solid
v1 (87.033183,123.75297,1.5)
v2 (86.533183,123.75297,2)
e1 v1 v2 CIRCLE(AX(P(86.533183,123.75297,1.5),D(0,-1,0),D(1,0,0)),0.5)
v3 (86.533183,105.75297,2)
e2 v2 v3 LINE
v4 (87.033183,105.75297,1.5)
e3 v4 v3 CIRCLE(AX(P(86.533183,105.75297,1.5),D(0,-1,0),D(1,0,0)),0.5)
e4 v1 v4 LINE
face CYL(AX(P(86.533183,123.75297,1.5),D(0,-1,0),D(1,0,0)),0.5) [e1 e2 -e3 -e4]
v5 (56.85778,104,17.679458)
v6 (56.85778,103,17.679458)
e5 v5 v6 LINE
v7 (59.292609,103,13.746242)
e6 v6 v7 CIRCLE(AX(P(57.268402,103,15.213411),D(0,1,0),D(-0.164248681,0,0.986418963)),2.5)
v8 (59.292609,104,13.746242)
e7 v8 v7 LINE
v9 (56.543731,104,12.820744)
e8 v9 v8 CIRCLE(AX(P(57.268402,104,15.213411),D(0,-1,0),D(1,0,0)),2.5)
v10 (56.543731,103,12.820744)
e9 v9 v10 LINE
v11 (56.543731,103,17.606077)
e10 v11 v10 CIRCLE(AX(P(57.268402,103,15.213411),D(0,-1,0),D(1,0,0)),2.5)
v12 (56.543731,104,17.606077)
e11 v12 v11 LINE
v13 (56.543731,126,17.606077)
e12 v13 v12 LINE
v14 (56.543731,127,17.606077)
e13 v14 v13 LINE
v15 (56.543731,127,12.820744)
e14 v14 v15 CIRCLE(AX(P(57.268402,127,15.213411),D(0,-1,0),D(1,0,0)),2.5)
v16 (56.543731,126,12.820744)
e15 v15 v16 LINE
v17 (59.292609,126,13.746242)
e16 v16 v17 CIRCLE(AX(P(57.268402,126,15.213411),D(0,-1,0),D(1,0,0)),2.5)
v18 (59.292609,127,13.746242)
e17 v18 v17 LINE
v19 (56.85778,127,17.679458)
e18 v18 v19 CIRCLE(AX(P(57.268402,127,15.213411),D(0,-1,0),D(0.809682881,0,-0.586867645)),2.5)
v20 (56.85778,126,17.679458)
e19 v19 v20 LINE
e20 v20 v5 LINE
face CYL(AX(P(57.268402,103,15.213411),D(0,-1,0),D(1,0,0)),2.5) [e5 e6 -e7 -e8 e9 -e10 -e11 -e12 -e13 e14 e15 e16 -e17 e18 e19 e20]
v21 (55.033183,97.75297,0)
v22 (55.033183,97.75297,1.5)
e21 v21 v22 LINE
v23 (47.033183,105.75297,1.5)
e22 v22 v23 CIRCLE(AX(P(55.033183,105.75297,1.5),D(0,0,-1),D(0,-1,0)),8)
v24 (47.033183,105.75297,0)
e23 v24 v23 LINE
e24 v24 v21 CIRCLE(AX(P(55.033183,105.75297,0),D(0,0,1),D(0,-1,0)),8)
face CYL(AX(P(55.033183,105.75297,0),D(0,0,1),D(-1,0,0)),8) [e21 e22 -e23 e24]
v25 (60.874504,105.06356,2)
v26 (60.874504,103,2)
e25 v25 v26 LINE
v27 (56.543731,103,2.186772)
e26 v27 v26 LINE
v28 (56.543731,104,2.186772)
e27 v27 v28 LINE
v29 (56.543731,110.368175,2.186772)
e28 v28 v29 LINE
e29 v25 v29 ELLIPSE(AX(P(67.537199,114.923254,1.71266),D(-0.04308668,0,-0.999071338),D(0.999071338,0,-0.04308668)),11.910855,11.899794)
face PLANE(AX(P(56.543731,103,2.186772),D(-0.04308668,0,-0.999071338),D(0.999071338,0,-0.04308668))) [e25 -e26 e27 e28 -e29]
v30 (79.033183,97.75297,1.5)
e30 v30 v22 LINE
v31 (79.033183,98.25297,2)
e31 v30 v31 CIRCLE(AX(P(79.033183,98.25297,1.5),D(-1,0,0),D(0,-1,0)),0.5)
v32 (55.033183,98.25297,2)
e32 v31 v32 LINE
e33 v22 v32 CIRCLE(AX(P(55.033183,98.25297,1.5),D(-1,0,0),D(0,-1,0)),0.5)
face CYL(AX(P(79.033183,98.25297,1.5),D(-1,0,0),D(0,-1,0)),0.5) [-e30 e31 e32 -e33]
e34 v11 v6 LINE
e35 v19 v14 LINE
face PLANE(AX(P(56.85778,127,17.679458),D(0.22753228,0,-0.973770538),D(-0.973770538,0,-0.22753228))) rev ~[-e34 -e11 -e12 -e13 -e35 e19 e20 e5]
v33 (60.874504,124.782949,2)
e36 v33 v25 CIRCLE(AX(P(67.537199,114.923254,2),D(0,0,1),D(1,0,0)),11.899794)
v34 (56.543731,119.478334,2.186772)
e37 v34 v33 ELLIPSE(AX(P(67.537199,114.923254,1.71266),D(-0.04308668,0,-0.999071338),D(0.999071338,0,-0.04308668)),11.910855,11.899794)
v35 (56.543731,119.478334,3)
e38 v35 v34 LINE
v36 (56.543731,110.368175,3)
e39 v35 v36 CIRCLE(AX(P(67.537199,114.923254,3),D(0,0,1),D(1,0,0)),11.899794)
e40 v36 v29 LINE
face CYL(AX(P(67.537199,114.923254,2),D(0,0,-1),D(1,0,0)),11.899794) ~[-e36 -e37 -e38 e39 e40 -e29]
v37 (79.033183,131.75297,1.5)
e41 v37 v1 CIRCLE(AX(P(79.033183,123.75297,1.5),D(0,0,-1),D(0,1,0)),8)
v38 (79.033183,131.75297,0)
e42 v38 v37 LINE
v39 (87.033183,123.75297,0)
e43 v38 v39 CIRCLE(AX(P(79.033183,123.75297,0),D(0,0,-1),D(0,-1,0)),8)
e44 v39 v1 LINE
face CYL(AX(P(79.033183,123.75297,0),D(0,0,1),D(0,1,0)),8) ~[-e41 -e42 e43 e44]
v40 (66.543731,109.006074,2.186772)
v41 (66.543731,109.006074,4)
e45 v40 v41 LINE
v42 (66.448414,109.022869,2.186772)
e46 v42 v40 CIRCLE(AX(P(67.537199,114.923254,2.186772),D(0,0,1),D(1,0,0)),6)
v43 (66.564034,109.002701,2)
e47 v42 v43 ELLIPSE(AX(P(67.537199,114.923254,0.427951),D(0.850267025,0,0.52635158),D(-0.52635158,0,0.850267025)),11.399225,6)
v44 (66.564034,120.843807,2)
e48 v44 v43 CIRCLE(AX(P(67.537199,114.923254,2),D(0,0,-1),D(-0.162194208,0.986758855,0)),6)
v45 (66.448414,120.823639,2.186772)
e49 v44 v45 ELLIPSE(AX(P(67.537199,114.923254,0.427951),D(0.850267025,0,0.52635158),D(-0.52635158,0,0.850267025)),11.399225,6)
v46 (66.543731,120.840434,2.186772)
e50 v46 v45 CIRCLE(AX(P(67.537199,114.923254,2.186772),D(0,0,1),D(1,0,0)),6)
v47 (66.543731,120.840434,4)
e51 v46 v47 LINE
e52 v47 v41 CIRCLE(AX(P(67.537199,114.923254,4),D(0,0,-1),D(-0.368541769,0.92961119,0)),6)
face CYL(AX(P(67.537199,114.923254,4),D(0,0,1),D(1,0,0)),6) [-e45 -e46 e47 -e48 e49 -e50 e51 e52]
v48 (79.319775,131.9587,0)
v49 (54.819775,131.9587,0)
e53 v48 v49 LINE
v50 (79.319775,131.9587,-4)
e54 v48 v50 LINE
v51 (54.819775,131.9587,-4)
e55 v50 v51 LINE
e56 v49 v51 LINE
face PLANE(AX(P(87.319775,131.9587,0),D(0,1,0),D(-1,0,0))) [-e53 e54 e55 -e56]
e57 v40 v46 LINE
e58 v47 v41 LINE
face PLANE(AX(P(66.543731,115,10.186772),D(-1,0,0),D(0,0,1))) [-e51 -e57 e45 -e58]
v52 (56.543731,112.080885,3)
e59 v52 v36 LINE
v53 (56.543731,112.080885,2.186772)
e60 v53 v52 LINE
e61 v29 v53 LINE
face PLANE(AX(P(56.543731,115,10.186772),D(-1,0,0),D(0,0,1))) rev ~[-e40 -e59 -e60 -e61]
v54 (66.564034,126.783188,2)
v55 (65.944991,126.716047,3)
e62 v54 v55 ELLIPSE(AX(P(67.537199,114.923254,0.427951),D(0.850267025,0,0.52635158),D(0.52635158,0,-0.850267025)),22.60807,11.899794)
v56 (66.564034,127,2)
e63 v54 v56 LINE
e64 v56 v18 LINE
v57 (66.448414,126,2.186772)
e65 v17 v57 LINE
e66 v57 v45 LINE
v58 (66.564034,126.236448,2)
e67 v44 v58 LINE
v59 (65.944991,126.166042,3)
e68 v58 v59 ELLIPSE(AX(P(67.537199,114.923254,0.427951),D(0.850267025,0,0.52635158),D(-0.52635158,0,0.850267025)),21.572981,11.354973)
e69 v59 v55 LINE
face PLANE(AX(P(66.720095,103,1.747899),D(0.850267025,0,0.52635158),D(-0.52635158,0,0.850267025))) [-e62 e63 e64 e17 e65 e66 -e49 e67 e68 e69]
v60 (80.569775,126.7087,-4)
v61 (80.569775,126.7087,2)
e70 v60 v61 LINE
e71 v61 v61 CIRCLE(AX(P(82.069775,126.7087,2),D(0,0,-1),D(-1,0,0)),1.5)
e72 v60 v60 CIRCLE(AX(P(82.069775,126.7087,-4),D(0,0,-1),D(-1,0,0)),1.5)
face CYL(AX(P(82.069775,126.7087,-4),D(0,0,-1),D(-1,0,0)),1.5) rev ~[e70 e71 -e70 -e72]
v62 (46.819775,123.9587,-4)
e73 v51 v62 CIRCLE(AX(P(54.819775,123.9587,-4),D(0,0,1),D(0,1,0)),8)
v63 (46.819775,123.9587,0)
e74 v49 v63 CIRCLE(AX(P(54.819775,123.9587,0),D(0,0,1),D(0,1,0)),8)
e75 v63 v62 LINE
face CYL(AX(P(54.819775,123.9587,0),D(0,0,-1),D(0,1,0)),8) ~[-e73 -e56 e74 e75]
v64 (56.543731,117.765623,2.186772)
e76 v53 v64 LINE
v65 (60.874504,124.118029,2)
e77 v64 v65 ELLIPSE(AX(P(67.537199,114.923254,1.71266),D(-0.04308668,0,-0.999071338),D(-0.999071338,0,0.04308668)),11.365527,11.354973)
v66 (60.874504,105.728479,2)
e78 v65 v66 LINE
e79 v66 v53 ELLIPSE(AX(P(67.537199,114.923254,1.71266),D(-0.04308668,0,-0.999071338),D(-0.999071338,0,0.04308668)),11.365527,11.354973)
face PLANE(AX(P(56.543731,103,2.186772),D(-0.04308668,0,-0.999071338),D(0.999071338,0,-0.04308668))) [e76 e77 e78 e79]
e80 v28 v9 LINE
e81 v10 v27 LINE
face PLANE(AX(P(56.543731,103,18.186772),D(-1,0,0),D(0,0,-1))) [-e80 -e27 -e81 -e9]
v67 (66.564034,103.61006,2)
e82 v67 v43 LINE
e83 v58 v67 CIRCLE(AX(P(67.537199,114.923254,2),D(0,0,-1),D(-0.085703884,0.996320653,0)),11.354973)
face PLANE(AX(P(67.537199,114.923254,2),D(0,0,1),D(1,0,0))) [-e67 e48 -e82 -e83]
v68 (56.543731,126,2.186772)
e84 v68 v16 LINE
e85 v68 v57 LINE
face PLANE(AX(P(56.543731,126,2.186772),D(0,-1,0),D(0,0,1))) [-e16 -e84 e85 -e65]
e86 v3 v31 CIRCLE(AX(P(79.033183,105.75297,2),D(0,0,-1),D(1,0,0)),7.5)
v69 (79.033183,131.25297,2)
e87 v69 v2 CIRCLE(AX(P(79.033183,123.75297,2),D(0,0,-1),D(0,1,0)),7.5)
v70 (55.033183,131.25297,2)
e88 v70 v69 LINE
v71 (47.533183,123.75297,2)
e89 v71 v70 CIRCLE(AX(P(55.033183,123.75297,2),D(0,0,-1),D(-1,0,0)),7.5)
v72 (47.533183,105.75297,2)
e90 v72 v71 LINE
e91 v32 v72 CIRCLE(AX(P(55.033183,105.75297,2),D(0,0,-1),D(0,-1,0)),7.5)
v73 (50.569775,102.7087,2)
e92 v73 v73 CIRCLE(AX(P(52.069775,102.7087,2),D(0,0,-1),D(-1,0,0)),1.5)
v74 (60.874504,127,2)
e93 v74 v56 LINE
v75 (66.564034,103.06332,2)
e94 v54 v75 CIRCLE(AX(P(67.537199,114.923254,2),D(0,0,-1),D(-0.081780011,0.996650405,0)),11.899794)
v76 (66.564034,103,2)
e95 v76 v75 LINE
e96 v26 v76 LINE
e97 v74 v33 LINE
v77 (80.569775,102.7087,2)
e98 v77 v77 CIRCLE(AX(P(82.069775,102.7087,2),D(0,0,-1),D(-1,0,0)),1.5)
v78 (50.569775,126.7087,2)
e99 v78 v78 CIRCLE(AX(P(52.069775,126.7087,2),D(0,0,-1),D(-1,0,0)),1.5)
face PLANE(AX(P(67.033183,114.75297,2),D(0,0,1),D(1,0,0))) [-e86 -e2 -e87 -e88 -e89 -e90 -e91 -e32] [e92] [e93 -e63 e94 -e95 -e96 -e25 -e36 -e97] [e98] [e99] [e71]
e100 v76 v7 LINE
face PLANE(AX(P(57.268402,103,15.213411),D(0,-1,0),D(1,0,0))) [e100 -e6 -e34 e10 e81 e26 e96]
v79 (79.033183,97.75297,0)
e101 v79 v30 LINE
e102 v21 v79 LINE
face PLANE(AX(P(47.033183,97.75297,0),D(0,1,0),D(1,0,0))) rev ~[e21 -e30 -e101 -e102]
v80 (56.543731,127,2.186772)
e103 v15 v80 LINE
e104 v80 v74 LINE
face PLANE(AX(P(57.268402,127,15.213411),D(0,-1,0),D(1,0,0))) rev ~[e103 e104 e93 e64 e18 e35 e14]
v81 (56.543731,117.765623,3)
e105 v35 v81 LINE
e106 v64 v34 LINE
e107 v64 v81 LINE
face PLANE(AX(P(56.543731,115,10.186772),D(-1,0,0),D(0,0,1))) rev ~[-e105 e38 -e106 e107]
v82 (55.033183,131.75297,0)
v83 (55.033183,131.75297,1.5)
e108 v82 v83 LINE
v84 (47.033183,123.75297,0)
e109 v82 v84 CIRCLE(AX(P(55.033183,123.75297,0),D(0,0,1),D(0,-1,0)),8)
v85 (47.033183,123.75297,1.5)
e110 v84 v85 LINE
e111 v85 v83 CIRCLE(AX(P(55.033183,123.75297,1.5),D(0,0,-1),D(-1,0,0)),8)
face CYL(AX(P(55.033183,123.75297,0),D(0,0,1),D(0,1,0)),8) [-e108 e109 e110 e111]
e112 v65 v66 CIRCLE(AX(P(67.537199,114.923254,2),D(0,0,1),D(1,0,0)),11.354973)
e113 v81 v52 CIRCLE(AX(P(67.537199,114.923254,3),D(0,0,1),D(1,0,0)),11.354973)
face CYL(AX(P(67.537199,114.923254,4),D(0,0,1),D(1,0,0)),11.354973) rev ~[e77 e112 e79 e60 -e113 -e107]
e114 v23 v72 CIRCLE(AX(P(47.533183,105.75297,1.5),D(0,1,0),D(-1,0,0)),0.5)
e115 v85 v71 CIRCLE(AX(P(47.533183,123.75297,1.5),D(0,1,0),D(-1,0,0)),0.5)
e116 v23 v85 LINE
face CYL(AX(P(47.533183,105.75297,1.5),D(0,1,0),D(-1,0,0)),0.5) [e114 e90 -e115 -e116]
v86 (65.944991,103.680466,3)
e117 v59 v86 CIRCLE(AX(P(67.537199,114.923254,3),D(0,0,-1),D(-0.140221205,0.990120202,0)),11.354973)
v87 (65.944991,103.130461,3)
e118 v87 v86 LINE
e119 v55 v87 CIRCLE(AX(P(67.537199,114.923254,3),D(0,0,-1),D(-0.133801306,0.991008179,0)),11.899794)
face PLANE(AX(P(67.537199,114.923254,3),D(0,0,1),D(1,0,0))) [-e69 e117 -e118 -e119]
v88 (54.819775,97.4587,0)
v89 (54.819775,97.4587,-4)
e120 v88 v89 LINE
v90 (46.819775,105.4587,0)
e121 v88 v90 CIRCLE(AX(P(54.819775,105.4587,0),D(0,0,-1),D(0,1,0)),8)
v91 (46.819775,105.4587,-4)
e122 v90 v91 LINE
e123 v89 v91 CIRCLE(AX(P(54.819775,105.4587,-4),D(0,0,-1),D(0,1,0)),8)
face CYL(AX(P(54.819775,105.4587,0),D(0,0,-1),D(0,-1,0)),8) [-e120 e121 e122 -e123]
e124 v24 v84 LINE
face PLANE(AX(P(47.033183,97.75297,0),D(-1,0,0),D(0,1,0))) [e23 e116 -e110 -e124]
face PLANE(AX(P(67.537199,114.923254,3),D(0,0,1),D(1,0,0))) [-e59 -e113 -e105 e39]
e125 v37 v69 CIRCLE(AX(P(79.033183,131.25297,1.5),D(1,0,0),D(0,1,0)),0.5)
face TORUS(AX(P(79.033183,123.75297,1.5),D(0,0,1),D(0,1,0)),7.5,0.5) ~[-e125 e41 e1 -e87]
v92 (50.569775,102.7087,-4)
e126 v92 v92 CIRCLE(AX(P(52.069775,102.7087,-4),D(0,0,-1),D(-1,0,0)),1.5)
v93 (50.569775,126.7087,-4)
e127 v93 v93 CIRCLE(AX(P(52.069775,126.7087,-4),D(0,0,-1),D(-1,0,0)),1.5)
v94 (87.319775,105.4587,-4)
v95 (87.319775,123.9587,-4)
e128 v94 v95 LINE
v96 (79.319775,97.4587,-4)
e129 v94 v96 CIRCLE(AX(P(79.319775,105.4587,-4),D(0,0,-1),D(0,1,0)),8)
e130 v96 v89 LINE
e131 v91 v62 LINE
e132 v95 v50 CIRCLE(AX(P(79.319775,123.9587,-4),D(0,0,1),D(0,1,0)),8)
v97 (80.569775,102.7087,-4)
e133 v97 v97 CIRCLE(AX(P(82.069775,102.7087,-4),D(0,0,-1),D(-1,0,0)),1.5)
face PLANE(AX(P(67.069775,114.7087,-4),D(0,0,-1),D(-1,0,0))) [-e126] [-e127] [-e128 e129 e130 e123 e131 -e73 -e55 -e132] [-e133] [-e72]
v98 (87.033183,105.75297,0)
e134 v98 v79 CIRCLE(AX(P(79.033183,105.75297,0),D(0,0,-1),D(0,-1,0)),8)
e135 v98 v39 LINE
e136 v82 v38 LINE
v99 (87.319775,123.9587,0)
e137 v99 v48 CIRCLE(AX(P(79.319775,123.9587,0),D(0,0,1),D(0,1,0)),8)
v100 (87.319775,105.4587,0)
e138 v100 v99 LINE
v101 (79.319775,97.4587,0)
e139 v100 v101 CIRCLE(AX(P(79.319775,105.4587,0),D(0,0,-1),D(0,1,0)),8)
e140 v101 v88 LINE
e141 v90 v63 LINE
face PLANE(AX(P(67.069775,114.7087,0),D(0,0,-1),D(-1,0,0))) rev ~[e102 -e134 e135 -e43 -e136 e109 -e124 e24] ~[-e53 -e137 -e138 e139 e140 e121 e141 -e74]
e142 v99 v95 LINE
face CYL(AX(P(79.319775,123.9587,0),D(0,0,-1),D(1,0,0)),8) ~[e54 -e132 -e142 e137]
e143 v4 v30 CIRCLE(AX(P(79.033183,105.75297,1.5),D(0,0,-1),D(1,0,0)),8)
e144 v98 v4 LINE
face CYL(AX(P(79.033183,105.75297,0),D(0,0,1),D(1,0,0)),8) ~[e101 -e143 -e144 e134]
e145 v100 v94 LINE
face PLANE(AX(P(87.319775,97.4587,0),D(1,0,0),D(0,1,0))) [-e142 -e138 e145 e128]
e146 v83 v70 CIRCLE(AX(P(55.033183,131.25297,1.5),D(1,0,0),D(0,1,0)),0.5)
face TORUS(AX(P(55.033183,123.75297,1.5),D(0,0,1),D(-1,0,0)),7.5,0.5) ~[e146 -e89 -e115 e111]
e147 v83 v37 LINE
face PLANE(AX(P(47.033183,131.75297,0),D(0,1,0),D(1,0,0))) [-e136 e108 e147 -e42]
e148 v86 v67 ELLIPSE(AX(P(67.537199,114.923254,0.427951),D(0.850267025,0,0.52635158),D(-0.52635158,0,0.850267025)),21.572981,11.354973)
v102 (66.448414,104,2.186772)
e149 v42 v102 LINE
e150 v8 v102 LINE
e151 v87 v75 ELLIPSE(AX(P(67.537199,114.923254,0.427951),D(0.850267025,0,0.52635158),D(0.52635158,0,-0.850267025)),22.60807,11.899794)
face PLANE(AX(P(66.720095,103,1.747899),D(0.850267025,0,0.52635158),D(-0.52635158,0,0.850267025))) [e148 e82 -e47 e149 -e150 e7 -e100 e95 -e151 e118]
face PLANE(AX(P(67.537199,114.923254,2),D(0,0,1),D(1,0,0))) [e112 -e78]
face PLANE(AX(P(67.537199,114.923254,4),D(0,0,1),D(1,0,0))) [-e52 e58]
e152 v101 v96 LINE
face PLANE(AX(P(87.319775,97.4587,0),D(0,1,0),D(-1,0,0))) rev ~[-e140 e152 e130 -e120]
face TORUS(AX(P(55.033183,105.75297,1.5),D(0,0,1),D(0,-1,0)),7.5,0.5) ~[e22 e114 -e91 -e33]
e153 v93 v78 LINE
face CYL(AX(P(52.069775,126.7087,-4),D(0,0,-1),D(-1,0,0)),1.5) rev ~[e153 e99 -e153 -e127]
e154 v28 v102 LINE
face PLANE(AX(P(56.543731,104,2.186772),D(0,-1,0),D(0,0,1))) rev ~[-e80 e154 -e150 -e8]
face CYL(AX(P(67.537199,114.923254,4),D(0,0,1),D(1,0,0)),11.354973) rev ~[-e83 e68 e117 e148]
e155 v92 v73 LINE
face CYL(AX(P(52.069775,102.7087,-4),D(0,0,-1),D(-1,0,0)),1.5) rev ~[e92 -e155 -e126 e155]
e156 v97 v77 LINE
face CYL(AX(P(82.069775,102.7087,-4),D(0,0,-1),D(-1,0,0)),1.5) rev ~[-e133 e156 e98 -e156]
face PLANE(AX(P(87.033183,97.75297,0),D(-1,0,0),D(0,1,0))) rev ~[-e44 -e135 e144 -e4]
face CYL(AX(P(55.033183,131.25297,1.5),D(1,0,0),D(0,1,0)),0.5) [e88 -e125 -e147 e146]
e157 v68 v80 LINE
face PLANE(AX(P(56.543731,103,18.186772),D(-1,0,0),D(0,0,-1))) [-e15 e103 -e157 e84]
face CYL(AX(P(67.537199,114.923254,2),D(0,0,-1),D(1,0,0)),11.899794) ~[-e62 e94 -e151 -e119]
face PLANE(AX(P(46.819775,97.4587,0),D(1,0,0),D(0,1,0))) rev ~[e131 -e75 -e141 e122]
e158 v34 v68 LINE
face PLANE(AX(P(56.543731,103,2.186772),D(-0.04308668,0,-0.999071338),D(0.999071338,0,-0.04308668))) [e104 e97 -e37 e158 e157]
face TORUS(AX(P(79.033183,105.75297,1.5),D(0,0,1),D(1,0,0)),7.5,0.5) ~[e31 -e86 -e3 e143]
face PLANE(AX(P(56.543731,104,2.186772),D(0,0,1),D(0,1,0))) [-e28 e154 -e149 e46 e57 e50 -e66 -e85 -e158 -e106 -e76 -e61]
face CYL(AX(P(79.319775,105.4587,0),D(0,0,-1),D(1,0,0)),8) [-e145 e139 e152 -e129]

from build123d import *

# Parameters (mm, degrees)
SKETCH3_W            = 40
SKETCH3_H            = 34
SKETCH3_R            = 0.25
SKETCH3_R_2          = 0.5
BOSS_EXTRUDE2_DEPTH  = 2
SKETCH4_R            = 6
BOSS_EXTRUDE3_DEPTH  = 2
SKETCH5_R            = 11.899793619
BOSS_EXTRUDE4_DEPTH  = 1
SKETCH7_R            = 11.354972543
SKETCH7_R_2          = 6
CUT_EXTRUDE1_DEPTH   = 2
BOSS_EXTRUDE5_DEPTH  = 24
SKETCH11_W           = 16
SKETCH11_H           = 22
CUT_EXTRUDE2_DEPTH   = 10
SKETCH12_R           = 2.5
BOSS_EXTRUDE6_DEPTH  = 24
CUT_EXTRUDE3_DEPTH   = 26
FILLET3_R            = 8
FILLET4_R            = 8
FILLET5_R            = 8
FILLET6_R            = 8
SKETCH16_W           = 40.5
SKETCH16_H           = 34.5
BOSS_EXTRUDE12_DEPTH = 4
SKETCH21_R           = 1.5
CUT_EXTRUDE10_DEPTH  = 8
FILLET13_R           = 0.5
FILLET15_R           = 8


with BuildPart() as part:
    # Sketch3 → Boss-Extrude2 (new body)
    with BuildSketch(Plane.XY):
        with Locations((67.033183219, 114.752969631)):
            Rectangle(SKETCH3_W, SKETCH3_H)
        with Locations((82.033183219, 126.752969631)):
            Circle(SKETCH3_R, mode=Mode.SUBTRACT)
        with Locations((52.033183219, 126.752969631)):
            Circle(SKETCH3_R_2, mode=Mode.SUBTRACT)
        with Locations((52.033183219, 102.752969631)):
            Circle(SKETCH3_R, mode=Mode.SUBTRACT)
        with Locations((82.033183219, 102.752969631)):
            Circle(SKETCH3_R_2, mode=Mode.SUBTRACT)
    extrude(amount=BOSS_EXTRUDE2_DEPTH)

    # Sketch4 → Boss-Extrude3 (add)
    with BuildSketch(Plane.XY.offset(2)):
        with Locations((67.537199027, 114.923254134)):
            Circle(SKETCH4_R)
    extrude(amount=BOSS_EXTRUDE3_DEPTH)

    # Sketch5 → Boss-Extrude4 (add)
    with BuildSketch(Plane.XY.offset(2)):
        with Locations((67.537199027, 114.923254134)):
            Circle(SKETCH5_R)
    extrude(amount=BOSS_EXTRUDE4_DEPTH)

    # Sketch7 → Cut-Extrude1 (cut)
    with BuildSketch(Plane.XY.offset(4)):
        with Locations((67.537199027, 114.923254134)):
            Circle(SKETCH7_R)
        with Locations((67.537199027, 114.923254134)):
            Circle(SKETCH7_R_2, mode=Mode.SUBTRACT)
    extrude(amount=-CUT_EXTRUDE1_DEPTH, mode=Mode.SUBTRACT)

    # Sketch10 → Boss-Extrude5 (add)
    with BuildSketch(Plane(origin=(0, 103, 0), x_dir=(1, 0, 0), z_dir=(0, 1, 0))):
        Polygon((66.720095213, -1.747898749), (56.543730993, -18.18677206), (56.543730993, -2.18677206), align=None)
    extrude(amount=BOSS_EXTRUDE5_DEPTH)

    # Sketch11 → Cut-Extrude2 (cut)
    with BuildSketch(Plane.ZY.offset(-56.543730993)):
        with Locations((10.18677206, 115)):
            Rectangle(SKETCH11_W, SKETCH11_H)
    extrude(amount=-CUT_EXTRUDE2_DEPTH, mode=Mode.SUBTRACT)

    # Sketch12 → Boss-Extrude6 (add)
    with BuildSketch(Plane.XZ.offset(-103)):
        with Locations((57.268401618, 15.213410807)):
            Circle(SKETCH12_R)
    extrude(amount=-BOSS_EXTRUDE6_DEPTH)

    # Sketch14 → Cut-Extrude3 (cut)
    with BuildSketch(Plane(origin=(0, 127, 0), x_dir=(1, 0, 0), z_dir=(0, 1, 0))):
        Polygon((56.543730993, -17.606077203), (56.543730993, -18.18677206), (56.857779916, -17.679458215), align=None)
    extrude(amount=-CUT_EXTRUDE3_DEPTH, mode=Mode.SUBTRACT)

    # Fillet3
    fillet3_edges = [part.edges().sort_by_distance(p)[0] for p in [
        (87.033183219, 131.752969631, 1),
    ]]
    fillet(fillet3_edges, radius=FILLET3_R)

    # Fillet4
    fillet4_edges = [part.edges().sort_by_distance(p)[0] for p in [
        (87.033183219, 97.752969631, 1),
    ]]
    fillet(fillet4_edges, radius=FILLET4_R)

    # Fillet5
    fillet5_edges = [part.edges().sort_by_distance(p)[0] for p in [
        (47.033183219, 131.752969631, 1),
    ]]
    fillet(fillet5_edges, radius=FILLET5_R)

    # Fillet6
    fillet6_edges = [part.edges().sort_by_distance(p)[0] for p in [
        (47.033183219, 97.752969631, 1),
    ]]
    fillet(fillet6_edges, radius=FILLET6_R)

    # Sketch16 → Boss-Extrude12 (add)
    with BuildSketch(Plane(origin=(0, 0, 0), x_dir=(-1, 0, 0), z_dir=(0, 0, -1))):
        with Locations((-67.069775125, 114.708699914)):
            Rectangle(SKETCH16_W, SKETCH16_H)
    extrude(amount=BOSS_EXTRUDE12_DEPTH)

    # Sketch21 → Cut-Extrude10 (cut)
    with BuildSketch(Plane(origin=(0, 0, -4), x_dir=(-1, 0, 0), z_dir=(0, 0, -1))):
        with Locations((-82.069775125, 126.708699914)):
            Circle(SKETCH21_R)
        with Locations((-52.069775125, 126.708699914)):
            Circle(SKETCH21_R)
        with Locations((-52.069775125, 102.708699914)):
            Circle(SKETCH21_R)
        with Locations((-82.069775125, 102.708699914)):
            Circle(SKETCH21_R)
    extrude(amount=-CUT_EXTRUDE10_DEPTH, mode=Mode.SUBTRACT)

    # Fillet13
    fillet13_edges = [part.edges().sort_by_distance(p)[0] for p in [
        (67.033183219, 131.752969631, 2),
        (84.690037469, 129.409823881, 2),
        (87.033183219, 114.752969631, 2),
        (84.690037469, 100.096115382, 2),
        (47.033183219, 114.752969631, 2),
        (49.37632897, 129.409823881, 2),
        (67.033183219, 97.752969631, 2),
        (49.37632897, 100.096115382, 2),
    ]]
    fillet(fillet13_edges, radius=FILLET13_R)

    # Fillet15
    fillet15_edges = [part.edges().sort_by_distance(p)[0] for p in [
        (87.319775125, 131.958699914, -2),
        (87.319775125, 97.458699914, -2),
        (46.819775125, 97.458699914, -2),
        (46.819775125, 131.958699914, -2),
    ]]
    fillet(fillet15_edges, radius=FILLET15_R)


solid = part.part
